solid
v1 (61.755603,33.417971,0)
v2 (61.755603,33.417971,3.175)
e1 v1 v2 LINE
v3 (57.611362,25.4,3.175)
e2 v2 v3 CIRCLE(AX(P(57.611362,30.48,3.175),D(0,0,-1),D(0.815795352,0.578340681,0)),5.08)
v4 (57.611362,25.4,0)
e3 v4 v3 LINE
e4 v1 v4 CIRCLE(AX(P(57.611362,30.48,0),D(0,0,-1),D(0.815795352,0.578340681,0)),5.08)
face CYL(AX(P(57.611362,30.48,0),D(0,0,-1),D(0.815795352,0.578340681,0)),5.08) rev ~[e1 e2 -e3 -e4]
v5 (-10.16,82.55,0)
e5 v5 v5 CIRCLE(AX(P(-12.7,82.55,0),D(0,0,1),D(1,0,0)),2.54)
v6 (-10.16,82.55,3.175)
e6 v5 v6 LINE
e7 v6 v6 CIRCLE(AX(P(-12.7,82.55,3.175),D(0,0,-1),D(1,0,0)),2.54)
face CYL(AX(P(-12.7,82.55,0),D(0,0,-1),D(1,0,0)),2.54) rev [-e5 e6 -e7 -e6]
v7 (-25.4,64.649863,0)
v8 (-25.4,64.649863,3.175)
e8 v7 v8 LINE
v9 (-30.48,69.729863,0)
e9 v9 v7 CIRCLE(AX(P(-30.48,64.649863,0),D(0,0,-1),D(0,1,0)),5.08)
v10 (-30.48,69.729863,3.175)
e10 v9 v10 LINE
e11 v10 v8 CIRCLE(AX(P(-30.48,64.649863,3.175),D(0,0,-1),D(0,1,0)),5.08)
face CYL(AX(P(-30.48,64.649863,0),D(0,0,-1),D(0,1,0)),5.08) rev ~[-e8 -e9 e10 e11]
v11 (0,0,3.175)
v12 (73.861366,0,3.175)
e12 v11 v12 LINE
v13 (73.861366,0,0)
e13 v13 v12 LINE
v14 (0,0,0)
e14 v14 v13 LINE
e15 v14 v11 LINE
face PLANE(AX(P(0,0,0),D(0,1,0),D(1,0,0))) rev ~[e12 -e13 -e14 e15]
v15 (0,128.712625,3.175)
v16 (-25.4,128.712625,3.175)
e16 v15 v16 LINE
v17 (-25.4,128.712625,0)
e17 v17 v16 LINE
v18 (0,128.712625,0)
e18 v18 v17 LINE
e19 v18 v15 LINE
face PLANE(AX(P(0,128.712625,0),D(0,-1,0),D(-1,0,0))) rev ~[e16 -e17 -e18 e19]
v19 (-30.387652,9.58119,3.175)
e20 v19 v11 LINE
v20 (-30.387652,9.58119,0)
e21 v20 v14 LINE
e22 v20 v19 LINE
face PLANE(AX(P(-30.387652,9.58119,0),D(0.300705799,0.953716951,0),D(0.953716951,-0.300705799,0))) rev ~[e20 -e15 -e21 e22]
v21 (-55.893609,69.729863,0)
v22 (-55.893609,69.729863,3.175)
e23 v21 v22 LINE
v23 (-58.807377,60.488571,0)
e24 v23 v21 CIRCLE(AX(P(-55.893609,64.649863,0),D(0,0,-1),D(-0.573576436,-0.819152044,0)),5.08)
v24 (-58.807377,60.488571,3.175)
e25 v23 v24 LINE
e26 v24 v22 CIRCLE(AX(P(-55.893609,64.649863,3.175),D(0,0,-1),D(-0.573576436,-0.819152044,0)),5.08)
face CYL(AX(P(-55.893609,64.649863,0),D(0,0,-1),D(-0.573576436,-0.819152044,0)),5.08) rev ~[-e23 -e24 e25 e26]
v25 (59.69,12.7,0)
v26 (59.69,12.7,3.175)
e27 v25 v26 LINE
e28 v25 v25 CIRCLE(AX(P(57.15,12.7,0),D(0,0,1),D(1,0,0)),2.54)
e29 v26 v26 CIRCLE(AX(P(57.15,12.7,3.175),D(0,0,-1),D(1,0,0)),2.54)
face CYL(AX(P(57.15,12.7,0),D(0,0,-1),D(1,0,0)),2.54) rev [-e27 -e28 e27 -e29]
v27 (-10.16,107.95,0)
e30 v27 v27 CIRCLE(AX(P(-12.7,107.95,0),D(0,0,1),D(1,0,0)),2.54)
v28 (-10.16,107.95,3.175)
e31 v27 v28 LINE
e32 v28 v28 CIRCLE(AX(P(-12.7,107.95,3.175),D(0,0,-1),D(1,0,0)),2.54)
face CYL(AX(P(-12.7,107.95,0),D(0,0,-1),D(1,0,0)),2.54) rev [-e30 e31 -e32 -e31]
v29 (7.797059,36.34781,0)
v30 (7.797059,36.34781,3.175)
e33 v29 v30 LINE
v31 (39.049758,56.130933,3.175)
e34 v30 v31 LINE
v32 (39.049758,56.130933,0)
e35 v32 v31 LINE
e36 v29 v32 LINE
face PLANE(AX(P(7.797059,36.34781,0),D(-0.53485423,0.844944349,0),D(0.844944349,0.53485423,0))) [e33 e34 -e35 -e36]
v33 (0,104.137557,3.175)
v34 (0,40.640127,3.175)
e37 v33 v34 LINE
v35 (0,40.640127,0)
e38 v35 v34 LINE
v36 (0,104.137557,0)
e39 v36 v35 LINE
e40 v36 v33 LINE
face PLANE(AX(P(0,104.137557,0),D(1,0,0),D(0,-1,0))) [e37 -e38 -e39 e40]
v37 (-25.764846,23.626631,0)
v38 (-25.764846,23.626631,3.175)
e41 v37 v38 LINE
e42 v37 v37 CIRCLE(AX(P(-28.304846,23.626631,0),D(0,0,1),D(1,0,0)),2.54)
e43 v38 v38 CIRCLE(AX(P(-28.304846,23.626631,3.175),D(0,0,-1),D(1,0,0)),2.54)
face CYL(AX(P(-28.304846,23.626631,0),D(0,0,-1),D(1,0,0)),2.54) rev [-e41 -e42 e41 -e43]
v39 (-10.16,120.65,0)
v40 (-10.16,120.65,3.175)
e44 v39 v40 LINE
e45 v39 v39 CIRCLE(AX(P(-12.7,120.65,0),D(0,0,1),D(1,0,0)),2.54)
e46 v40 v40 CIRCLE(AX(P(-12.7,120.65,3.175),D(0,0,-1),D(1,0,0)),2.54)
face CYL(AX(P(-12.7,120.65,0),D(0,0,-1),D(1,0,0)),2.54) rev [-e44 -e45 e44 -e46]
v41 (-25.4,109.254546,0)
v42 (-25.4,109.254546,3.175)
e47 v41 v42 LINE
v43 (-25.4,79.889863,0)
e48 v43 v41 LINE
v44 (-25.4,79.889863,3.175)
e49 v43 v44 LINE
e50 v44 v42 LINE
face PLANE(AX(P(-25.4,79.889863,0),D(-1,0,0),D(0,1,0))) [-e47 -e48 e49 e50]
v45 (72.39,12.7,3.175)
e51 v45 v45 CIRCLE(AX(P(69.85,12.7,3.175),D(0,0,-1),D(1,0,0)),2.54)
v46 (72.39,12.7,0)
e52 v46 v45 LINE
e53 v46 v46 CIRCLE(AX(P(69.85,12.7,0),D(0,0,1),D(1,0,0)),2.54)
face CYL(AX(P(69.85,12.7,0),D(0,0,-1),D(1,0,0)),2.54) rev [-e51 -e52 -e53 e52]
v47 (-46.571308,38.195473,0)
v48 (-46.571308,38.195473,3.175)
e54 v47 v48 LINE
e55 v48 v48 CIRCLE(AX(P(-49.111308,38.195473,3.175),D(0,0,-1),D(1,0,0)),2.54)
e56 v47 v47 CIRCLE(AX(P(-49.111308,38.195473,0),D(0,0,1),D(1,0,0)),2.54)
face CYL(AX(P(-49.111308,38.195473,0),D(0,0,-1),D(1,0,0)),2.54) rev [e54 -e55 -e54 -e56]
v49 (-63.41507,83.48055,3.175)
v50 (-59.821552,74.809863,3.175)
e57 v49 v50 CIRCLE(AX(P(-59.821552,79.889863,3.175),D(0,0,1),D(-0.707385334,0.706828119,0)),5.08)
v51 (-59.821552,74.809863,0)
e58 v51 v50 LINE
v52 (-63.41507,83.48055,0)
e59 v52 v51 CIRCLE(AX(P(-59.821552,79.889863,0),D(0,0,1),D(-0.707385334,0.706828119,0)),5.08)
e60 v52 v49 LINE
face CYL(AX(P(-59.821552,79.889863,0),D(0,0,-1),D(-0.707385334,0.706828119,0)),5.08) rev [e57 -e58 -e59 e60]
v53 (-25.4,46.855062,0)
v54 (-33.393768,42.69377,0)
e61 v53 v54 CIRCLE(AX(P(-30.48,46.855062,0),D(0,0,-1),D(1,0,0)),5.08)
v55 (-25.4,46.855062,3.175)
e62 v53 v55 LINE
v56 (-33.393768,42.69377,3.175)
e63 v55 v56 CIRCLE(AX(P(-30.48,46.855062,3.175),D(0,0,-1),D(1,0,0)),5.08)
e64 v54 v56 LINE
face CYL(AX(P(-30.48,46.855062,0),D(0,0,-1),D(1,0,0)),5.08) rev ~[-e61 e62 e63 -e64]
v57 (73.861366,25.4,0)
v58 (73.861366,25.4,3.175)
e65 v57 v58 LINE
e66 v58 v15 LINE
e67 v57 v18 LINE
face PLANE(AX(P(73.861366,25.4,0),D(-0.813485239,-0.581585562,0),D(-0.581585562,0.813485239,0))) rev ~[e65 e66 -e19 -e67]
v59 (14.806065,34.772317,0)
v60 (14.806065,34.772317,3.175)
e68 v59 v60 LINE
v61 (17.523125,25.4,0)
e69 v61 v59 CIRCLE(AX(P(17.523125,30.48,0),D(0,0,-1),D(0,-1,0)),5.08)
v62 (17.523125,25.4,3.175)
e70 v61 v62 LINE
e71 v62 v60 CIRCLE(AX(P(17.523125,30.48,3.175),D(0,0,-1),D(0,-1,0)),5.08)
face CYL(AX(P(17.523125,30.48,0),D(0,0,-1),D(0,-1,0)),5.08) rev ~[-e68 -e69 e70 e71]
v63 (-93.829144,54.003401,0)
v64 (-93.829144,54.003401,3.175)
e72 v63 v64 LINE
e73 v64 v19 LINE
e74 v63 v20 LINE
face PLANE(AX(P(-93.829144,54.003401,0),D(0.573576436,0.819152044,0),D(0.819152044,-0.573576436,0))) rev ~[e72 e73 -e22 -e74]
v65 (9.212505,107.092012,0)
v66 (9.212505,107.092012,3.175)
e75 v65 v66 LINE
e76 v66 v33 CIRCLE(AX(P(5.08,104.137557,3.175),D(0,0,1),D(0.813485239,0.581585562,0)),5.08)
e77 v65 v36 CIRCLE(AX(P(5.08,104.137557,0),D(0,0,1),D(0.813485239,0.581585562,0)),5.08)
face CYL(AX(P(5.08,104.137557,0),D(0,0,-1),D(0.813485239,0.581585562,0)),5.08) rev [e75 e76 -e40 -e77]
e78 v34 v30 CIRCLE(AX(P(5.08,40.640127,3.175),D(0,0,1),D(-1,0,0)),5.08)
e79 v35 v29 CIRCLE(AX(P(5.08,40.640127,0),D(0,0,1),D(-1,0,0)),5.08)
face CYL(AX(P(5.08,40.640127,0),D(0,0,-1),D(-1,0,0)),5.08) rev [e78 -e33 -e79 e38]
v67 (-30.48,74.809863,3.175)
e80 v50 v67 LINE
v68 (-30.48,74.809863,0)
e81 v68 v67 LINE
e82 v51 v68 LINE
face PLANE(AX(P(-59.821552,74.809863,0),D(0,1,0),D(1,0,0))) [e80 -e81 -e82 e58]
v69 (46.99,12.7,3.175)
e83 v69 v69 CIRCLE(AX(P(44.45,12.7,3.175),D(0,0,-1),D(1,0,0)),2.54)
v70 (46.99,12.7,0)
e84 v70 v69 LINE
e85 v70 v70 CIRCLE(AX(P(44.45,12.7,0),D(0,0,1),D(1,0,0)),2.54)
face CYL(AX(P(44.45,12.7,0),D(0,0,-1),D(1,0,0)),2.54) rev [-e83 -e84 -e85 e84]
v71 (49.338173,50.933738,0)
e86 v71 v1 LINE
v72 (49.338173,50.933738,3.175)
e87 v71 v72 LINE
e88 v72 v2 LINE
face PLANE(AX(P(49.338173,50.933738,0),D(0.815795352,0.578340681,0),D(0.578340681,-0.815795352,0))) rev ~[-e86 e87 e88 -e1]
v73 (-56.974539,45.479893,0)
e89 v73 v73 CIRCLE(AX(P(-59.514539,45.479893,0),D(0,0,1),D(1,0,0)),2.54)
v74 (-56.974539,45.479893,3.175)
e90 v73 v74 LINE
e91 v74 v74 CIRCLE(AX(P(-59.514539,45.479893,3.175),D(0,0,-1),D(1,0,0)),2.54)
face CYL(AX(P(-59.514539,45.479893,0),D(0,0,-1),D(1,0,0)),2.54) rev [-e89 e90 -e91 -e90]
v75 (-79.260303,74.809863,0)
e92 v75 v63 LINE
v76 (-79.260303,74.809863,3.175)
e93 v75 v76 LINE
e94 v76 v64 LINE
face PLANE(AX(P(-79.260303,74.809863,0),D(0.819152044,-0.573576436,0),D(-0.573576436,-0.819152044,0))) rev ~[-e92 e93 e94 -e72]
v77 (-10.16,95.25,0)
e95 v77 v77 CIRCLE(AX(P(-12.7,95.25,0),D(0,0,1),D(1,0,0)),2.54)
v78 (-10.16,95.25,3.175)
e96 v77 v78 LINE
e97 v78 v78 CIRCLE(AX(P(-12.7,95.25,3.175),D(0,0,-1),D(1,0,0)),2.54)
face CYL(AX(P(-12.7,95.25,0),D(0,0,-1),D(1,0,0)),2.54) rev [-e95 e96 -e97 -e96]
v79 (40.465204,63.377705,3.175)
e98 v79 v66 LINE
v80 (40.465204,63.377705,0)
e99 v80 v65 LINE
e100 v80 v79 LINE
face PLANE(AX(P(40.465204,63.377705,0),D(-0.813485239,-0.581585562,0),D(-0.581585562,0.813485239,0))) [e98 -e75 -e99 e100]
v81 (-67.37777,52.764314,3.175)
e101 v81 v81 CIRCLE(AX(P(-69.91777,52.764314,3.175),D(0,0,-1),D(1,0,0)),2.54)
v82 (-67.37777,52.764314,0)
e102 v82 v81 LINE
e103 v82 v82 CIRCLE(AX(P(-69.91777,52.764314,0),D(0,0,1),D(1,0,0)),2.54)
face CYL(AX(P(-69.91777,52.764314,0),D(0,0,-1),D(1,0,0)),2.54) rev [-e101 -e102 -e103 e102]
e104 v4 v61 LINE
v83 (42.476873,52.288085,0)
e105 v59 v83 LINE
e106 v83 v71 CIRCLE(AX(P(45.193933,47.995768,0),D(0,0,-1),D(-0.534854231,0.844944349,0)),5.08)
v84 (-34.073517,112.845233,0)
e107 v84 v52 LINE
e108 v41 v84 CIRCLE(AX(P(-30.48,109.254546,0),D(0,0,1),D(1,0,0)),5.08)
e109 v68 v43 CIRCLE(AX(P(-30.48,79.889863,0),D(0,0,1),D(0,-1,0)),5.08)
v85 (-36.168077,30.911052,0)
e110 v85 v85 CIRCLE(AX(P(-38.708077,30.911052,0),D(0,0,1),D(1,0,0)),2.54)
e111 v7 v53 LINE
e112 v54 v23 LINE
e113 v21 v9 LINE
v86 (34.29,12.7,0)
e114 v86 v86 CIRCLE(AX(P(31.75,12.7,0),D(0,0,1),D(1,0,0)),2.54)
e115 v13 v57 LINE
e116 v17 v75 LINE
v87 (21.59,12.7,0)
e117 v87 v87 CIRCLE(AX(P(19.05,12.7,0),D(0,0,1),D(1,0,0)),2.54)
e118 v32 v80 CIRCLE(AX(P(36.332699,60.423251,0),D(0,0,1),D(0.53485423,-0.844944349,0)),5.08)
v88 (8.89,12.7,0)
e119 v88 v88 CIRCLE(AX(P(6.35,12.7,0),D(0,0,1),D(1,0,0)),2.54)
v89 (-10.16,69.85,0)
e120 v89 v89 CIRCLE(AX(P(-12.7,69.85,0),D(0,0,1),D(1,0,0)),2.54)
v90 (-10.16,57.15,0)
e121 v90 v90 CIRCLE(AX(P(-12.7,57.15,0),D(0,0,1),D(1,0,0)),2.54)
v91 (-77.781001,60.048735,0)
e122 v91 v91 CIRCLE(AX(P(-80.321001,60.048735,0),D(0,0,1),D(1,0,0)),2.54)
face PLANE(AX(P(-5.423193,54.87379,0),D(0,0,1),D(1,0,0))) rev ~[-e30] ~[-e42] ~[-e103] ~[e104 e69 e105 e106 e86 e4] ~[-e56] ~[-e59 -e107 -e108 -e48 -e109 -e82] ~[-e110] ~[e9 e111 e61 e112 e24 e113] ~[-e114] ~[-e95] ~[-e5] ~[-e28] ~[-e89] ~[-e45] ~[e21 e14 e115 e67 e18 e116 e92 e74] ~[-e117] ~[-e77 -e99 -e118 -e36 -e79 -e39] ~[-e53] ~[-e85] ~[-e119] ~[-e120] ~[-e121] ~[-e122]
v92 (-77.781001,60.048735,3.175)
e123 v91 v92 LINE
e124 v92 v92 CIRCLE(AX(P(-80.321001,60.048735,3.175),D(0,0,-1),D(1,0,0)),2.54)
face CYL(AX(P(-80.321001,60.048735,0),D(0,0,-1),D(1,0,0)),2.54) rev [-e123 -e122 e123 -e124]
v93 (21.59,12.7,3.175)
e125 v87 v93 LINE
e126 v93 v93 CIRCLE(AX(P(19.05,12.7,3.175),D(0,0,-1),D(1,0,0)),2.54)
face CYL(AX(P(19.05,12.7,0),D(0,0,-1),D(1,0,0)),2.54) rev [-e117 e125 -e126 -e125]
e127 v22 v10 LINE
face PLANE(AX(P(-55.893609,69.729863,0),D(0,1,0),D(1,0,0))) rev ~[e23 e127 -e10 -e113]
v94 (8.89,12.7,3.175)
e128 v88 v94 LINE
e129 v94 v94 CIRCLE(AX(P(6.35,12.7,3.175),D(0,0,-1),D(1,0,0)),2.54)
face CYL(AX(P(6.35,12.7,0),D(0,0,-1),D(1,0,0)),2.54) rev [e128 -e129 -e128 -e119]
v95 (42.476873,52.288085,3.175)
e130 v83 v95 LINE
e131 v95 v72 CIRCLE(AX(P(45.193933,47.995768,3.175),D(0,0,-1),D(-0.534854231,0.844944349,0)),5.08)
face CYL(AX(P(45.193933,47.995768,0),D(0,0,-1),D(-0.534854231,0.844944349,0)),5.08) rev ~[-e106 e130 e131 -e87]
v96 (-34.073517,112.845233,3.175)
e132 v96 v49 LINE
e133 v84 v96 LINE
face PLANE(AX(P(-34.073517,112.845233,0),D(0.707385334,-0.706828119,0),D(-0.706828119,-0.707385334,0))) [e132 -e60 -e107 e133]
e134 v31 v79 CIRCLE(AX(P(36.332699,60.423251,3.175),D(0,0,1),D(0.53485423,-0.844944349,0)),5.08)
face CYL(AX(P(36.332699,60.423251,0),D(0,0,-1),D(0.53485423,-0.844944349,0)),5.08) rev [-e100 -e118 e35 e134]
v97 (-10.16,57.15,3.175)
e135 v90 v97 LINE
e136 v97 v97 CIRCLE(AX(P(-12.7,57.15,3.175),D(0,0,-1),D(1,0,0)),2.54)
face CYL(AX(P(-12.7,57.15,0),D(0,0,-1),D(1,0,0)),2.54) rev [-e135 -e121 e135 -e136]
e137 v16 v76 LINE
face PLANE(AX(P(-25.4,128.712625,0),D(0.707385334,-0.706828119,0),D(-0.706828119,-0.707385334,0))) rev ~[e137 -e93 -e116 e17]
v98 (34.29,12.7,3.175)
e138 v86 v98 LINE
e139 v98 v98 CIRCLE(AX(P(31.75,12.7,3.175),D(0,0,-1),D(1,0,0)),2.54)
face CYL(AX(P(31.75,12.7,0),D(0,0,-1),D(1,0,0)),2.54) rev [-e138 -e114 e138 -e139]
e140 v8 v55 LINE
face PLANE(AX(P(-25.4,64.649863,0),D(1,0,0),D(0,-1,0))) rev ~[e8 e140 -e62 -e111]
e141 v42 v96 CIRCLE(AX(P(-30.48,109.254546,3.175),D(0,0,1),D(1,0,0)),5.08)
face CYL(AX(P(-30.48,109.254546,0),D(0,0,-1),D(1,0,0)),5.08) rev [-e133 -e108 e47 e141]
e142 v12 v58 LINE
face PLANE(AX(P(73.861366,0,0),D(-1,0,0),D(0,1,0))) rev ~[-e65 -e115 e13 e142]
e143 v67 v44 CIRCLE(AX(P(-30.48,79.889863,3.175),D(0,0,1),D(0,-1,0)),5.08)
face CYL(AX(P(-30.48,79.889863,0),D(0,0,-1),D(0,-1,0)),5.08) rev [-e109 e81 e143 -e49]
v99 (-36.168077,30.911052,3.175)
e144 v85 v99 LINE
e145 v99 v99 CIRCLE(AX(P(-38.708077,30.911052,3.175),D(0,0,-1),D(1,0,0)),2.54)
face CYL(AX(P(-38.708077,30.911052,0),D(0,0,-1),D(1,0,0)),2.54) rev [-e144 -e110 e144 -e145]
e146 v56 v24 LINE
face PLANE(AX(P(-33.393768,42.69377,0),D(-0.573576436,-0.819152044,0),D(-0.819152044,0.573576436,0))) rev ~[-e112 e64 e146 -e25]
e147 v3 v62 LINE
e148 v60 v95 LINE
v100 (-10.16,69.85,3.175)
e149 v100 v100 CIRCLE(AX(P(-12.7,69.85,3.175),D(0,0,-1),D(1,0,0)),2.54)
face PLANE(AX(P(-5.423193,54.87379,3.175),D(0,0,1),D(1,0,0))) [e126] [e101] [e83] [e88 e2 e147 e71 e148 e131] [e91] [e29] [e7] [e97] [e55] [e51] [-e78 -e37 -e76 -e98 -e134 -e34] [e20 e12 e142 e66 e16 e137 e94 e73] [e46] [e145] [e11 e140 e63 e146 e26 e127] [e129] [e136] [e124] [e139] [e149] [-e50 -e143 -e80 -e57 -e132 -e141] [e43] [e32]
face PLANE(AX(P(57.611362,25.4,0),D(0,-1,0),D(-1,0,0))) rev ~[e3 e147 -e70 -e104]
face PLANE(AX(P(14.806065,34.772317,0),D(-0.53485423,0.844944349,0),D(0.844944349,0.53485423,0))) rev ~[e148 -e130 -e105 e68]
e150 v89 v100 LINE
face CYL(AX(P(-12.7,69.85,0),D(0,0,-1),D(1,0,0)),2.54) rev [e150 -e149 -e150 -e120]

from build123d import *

# Parameters (mm, degrees)
BOSS_EXTRUDE1_DEPTH     = 3.175
SKETCH3_R               = 2.54
CUT_EXTRUDE4_DEPTH      = 4.175
CUT_EXTRUDE4_DEPTH_BACK = 1


with BuildPart() as part:
    # Sketch2 → Boss-Extrude1 (new body)
    with BuildSketch(Plane.XY):
        Polygon((-79.260302653, 74.809862941), (-93.829144137, 54.003401016), (-30.387651704, 9.581189779), (0, 0), (73.861366343, 0), (73.861366343, 25.4), (0, 128.712625375), (-25.4, 128.712625375), align=None)
        with BuildLine():
            Line((-59.82155239, 74.809862941), (-30.48, 74.809862941))
            ThreePointArc((-30.48, 74.809862941), (-26.887897552, 76.297760492), (-25.4, 79.889862941))
            Line((-25.4, 79.889862941), (-25.4, 109.254546205))
            ThreePointArc((-25.4, 109.254546205), (-28.536892808, 113.948237124), (-34.073517496, 112.845233049))
            Line((-34.073517496, 112.845233049), (-63.415069886, 83.480549784))
            ThreePointArc((-63.415069886, 83.480549784), (-64.51447734, 77.944906536), (-59.82155239, 74.809862941))
        make_face(mode=Mode.SUBTRACT)
        with BuildLine():
            Line((-55.893609183, 69.729862941), (-30.48, 69.729862941))
            ThreePointArc((-30.48, 69.729862941), (-26.887897552, 68.241965389), (-25.4, 64.649862941))
            Line((-25.4, 64.649862941), (-25.4, 46.855062218))
            ThreePointArc((-25.4, 46.855062218), (-28.134317045, 42.349047185), (-33.393768297, 42.693769833))
            Line((-33.393768297, 42.693769833), (-58.80737748, 60.488570556))
            ThreePointArc((-58.80737748, 60.488570556), (-60.738491293, 66.177448402), (-55.893609183, 69.729862941))
        make_face(mode=Mode.SUBTRACT)
        with BuildLine():
            Line((7.797059491, 36.347810077), (39.049758479, 56.13093342))
            ThreePointArc((39.049758479, 56.13093342), (41.318484722, 59.449422894), (40.465204003, 63.377705364))
            Line((40.465204003, 63.377705364), (9.212505015, 107.092011536))
            ThreePointArc((9.212505015, 107.092011536), (3.528665973, 108.974887007), (0, 104.137556882))
            Line((0, 104.137556882), (0, 40.640127367))
            ThreePointArc((0, 40.640127367), (2.630128801, 36.189899159), (7.797059491, 36.347810077))
        make_face(mode=Mode.SUBTRACT)
        with BuildLine():
            Line((14.80606505, 34.772317291), (42.476873448, 52.288084993))
            ThreePointArc((42.476873448, 52.288084993), (46.177688514, 52.979604073), (49.338173329, 50.93373836))
            Line((49.338173329, 50.93373836), (61.755602511, 33.417970658))
            ThreePointArc((61.755602511, 33.417970658), (62.124193324, 28.147457497), (57.61136212, 25.4))
            Line((57.61136212, 25.4), (17.52312454, 25.4))
            ThreePointArc((17.52312454, 25.4), (12.644017458, 29.065533994), (14.80606505, 34.772317291))
        make_face(mode=Mode.SUBTRACT)
    extrude(amount=BOSS_EXTRUDE1_DEPTH)

    # Sketch3 → Cut-Extrude4 (cut, two sides)
    with BuildSketch(Plane.XY) as cut_extrude4_sk:
        with Locations((-12.7, 57.15)):
            Circle(SKETCH3_R)
        with Locations((6.35, 12.7)):
            Circle(SKETCH3_R)
        with Locations((-28.304846444, 23.626631112)):
            Circle(SKETCH3_R)
        with Locations((-38.708077406, 30.911051854)):
            Circle(SKETCH3_R)
        with Locations((-49.111308369, 38.195472596)):
            Circle(SKETCH3_R)
        with Locations((-59.514539331, 45.479893337)):
            Circle(SKETCH3_R)
        with Locations((-69.917770294, 52.764314079)):
            Circle(SKETCH3_R)
        with Locations((-80.321001256, 60.048734821)):
            Circle(SKETCH3_R)
        with Locations((-12.7, 69.85)):
            Circle(SKETCH3_R)
        with Locations((-12.7, 82.55)):
            Circle(SKETCH3_R)
        with Locations((-12.7, 95.25)):
            Circle(SKETCH3_R)
        with Locations((-12.7, 107.95)):
            Circle(SKETCH3_R)
        with Locations((-12.7, 120.65)):
            Circle(SKETCH3_R)
        with Locations((19.05, 12.7)):
            Circle(SKETCH3_R)
        with Locations((31.75, 12.7)):
            Circle(SKETCH3_R)
        with Locations((44.45, 12.7)):
            Circle(SKETCH3_R)
        with Locations((57.15, 12.7)):
            Circle(SKETCH3_R)
        with Locations((69.85, 12.7)):
            Circle(SKETCH3_R)
    extrude(amount=CUT_EXTRUDE4_DEPTH, mode=Mode.SUBTRACT)
    extrude(cut_extrude4_sk.sketch, amount=-CUT_EXTRUDE4_DEPTH_BACK, mode=Mode.SUBTRACT)


solid = part.part
